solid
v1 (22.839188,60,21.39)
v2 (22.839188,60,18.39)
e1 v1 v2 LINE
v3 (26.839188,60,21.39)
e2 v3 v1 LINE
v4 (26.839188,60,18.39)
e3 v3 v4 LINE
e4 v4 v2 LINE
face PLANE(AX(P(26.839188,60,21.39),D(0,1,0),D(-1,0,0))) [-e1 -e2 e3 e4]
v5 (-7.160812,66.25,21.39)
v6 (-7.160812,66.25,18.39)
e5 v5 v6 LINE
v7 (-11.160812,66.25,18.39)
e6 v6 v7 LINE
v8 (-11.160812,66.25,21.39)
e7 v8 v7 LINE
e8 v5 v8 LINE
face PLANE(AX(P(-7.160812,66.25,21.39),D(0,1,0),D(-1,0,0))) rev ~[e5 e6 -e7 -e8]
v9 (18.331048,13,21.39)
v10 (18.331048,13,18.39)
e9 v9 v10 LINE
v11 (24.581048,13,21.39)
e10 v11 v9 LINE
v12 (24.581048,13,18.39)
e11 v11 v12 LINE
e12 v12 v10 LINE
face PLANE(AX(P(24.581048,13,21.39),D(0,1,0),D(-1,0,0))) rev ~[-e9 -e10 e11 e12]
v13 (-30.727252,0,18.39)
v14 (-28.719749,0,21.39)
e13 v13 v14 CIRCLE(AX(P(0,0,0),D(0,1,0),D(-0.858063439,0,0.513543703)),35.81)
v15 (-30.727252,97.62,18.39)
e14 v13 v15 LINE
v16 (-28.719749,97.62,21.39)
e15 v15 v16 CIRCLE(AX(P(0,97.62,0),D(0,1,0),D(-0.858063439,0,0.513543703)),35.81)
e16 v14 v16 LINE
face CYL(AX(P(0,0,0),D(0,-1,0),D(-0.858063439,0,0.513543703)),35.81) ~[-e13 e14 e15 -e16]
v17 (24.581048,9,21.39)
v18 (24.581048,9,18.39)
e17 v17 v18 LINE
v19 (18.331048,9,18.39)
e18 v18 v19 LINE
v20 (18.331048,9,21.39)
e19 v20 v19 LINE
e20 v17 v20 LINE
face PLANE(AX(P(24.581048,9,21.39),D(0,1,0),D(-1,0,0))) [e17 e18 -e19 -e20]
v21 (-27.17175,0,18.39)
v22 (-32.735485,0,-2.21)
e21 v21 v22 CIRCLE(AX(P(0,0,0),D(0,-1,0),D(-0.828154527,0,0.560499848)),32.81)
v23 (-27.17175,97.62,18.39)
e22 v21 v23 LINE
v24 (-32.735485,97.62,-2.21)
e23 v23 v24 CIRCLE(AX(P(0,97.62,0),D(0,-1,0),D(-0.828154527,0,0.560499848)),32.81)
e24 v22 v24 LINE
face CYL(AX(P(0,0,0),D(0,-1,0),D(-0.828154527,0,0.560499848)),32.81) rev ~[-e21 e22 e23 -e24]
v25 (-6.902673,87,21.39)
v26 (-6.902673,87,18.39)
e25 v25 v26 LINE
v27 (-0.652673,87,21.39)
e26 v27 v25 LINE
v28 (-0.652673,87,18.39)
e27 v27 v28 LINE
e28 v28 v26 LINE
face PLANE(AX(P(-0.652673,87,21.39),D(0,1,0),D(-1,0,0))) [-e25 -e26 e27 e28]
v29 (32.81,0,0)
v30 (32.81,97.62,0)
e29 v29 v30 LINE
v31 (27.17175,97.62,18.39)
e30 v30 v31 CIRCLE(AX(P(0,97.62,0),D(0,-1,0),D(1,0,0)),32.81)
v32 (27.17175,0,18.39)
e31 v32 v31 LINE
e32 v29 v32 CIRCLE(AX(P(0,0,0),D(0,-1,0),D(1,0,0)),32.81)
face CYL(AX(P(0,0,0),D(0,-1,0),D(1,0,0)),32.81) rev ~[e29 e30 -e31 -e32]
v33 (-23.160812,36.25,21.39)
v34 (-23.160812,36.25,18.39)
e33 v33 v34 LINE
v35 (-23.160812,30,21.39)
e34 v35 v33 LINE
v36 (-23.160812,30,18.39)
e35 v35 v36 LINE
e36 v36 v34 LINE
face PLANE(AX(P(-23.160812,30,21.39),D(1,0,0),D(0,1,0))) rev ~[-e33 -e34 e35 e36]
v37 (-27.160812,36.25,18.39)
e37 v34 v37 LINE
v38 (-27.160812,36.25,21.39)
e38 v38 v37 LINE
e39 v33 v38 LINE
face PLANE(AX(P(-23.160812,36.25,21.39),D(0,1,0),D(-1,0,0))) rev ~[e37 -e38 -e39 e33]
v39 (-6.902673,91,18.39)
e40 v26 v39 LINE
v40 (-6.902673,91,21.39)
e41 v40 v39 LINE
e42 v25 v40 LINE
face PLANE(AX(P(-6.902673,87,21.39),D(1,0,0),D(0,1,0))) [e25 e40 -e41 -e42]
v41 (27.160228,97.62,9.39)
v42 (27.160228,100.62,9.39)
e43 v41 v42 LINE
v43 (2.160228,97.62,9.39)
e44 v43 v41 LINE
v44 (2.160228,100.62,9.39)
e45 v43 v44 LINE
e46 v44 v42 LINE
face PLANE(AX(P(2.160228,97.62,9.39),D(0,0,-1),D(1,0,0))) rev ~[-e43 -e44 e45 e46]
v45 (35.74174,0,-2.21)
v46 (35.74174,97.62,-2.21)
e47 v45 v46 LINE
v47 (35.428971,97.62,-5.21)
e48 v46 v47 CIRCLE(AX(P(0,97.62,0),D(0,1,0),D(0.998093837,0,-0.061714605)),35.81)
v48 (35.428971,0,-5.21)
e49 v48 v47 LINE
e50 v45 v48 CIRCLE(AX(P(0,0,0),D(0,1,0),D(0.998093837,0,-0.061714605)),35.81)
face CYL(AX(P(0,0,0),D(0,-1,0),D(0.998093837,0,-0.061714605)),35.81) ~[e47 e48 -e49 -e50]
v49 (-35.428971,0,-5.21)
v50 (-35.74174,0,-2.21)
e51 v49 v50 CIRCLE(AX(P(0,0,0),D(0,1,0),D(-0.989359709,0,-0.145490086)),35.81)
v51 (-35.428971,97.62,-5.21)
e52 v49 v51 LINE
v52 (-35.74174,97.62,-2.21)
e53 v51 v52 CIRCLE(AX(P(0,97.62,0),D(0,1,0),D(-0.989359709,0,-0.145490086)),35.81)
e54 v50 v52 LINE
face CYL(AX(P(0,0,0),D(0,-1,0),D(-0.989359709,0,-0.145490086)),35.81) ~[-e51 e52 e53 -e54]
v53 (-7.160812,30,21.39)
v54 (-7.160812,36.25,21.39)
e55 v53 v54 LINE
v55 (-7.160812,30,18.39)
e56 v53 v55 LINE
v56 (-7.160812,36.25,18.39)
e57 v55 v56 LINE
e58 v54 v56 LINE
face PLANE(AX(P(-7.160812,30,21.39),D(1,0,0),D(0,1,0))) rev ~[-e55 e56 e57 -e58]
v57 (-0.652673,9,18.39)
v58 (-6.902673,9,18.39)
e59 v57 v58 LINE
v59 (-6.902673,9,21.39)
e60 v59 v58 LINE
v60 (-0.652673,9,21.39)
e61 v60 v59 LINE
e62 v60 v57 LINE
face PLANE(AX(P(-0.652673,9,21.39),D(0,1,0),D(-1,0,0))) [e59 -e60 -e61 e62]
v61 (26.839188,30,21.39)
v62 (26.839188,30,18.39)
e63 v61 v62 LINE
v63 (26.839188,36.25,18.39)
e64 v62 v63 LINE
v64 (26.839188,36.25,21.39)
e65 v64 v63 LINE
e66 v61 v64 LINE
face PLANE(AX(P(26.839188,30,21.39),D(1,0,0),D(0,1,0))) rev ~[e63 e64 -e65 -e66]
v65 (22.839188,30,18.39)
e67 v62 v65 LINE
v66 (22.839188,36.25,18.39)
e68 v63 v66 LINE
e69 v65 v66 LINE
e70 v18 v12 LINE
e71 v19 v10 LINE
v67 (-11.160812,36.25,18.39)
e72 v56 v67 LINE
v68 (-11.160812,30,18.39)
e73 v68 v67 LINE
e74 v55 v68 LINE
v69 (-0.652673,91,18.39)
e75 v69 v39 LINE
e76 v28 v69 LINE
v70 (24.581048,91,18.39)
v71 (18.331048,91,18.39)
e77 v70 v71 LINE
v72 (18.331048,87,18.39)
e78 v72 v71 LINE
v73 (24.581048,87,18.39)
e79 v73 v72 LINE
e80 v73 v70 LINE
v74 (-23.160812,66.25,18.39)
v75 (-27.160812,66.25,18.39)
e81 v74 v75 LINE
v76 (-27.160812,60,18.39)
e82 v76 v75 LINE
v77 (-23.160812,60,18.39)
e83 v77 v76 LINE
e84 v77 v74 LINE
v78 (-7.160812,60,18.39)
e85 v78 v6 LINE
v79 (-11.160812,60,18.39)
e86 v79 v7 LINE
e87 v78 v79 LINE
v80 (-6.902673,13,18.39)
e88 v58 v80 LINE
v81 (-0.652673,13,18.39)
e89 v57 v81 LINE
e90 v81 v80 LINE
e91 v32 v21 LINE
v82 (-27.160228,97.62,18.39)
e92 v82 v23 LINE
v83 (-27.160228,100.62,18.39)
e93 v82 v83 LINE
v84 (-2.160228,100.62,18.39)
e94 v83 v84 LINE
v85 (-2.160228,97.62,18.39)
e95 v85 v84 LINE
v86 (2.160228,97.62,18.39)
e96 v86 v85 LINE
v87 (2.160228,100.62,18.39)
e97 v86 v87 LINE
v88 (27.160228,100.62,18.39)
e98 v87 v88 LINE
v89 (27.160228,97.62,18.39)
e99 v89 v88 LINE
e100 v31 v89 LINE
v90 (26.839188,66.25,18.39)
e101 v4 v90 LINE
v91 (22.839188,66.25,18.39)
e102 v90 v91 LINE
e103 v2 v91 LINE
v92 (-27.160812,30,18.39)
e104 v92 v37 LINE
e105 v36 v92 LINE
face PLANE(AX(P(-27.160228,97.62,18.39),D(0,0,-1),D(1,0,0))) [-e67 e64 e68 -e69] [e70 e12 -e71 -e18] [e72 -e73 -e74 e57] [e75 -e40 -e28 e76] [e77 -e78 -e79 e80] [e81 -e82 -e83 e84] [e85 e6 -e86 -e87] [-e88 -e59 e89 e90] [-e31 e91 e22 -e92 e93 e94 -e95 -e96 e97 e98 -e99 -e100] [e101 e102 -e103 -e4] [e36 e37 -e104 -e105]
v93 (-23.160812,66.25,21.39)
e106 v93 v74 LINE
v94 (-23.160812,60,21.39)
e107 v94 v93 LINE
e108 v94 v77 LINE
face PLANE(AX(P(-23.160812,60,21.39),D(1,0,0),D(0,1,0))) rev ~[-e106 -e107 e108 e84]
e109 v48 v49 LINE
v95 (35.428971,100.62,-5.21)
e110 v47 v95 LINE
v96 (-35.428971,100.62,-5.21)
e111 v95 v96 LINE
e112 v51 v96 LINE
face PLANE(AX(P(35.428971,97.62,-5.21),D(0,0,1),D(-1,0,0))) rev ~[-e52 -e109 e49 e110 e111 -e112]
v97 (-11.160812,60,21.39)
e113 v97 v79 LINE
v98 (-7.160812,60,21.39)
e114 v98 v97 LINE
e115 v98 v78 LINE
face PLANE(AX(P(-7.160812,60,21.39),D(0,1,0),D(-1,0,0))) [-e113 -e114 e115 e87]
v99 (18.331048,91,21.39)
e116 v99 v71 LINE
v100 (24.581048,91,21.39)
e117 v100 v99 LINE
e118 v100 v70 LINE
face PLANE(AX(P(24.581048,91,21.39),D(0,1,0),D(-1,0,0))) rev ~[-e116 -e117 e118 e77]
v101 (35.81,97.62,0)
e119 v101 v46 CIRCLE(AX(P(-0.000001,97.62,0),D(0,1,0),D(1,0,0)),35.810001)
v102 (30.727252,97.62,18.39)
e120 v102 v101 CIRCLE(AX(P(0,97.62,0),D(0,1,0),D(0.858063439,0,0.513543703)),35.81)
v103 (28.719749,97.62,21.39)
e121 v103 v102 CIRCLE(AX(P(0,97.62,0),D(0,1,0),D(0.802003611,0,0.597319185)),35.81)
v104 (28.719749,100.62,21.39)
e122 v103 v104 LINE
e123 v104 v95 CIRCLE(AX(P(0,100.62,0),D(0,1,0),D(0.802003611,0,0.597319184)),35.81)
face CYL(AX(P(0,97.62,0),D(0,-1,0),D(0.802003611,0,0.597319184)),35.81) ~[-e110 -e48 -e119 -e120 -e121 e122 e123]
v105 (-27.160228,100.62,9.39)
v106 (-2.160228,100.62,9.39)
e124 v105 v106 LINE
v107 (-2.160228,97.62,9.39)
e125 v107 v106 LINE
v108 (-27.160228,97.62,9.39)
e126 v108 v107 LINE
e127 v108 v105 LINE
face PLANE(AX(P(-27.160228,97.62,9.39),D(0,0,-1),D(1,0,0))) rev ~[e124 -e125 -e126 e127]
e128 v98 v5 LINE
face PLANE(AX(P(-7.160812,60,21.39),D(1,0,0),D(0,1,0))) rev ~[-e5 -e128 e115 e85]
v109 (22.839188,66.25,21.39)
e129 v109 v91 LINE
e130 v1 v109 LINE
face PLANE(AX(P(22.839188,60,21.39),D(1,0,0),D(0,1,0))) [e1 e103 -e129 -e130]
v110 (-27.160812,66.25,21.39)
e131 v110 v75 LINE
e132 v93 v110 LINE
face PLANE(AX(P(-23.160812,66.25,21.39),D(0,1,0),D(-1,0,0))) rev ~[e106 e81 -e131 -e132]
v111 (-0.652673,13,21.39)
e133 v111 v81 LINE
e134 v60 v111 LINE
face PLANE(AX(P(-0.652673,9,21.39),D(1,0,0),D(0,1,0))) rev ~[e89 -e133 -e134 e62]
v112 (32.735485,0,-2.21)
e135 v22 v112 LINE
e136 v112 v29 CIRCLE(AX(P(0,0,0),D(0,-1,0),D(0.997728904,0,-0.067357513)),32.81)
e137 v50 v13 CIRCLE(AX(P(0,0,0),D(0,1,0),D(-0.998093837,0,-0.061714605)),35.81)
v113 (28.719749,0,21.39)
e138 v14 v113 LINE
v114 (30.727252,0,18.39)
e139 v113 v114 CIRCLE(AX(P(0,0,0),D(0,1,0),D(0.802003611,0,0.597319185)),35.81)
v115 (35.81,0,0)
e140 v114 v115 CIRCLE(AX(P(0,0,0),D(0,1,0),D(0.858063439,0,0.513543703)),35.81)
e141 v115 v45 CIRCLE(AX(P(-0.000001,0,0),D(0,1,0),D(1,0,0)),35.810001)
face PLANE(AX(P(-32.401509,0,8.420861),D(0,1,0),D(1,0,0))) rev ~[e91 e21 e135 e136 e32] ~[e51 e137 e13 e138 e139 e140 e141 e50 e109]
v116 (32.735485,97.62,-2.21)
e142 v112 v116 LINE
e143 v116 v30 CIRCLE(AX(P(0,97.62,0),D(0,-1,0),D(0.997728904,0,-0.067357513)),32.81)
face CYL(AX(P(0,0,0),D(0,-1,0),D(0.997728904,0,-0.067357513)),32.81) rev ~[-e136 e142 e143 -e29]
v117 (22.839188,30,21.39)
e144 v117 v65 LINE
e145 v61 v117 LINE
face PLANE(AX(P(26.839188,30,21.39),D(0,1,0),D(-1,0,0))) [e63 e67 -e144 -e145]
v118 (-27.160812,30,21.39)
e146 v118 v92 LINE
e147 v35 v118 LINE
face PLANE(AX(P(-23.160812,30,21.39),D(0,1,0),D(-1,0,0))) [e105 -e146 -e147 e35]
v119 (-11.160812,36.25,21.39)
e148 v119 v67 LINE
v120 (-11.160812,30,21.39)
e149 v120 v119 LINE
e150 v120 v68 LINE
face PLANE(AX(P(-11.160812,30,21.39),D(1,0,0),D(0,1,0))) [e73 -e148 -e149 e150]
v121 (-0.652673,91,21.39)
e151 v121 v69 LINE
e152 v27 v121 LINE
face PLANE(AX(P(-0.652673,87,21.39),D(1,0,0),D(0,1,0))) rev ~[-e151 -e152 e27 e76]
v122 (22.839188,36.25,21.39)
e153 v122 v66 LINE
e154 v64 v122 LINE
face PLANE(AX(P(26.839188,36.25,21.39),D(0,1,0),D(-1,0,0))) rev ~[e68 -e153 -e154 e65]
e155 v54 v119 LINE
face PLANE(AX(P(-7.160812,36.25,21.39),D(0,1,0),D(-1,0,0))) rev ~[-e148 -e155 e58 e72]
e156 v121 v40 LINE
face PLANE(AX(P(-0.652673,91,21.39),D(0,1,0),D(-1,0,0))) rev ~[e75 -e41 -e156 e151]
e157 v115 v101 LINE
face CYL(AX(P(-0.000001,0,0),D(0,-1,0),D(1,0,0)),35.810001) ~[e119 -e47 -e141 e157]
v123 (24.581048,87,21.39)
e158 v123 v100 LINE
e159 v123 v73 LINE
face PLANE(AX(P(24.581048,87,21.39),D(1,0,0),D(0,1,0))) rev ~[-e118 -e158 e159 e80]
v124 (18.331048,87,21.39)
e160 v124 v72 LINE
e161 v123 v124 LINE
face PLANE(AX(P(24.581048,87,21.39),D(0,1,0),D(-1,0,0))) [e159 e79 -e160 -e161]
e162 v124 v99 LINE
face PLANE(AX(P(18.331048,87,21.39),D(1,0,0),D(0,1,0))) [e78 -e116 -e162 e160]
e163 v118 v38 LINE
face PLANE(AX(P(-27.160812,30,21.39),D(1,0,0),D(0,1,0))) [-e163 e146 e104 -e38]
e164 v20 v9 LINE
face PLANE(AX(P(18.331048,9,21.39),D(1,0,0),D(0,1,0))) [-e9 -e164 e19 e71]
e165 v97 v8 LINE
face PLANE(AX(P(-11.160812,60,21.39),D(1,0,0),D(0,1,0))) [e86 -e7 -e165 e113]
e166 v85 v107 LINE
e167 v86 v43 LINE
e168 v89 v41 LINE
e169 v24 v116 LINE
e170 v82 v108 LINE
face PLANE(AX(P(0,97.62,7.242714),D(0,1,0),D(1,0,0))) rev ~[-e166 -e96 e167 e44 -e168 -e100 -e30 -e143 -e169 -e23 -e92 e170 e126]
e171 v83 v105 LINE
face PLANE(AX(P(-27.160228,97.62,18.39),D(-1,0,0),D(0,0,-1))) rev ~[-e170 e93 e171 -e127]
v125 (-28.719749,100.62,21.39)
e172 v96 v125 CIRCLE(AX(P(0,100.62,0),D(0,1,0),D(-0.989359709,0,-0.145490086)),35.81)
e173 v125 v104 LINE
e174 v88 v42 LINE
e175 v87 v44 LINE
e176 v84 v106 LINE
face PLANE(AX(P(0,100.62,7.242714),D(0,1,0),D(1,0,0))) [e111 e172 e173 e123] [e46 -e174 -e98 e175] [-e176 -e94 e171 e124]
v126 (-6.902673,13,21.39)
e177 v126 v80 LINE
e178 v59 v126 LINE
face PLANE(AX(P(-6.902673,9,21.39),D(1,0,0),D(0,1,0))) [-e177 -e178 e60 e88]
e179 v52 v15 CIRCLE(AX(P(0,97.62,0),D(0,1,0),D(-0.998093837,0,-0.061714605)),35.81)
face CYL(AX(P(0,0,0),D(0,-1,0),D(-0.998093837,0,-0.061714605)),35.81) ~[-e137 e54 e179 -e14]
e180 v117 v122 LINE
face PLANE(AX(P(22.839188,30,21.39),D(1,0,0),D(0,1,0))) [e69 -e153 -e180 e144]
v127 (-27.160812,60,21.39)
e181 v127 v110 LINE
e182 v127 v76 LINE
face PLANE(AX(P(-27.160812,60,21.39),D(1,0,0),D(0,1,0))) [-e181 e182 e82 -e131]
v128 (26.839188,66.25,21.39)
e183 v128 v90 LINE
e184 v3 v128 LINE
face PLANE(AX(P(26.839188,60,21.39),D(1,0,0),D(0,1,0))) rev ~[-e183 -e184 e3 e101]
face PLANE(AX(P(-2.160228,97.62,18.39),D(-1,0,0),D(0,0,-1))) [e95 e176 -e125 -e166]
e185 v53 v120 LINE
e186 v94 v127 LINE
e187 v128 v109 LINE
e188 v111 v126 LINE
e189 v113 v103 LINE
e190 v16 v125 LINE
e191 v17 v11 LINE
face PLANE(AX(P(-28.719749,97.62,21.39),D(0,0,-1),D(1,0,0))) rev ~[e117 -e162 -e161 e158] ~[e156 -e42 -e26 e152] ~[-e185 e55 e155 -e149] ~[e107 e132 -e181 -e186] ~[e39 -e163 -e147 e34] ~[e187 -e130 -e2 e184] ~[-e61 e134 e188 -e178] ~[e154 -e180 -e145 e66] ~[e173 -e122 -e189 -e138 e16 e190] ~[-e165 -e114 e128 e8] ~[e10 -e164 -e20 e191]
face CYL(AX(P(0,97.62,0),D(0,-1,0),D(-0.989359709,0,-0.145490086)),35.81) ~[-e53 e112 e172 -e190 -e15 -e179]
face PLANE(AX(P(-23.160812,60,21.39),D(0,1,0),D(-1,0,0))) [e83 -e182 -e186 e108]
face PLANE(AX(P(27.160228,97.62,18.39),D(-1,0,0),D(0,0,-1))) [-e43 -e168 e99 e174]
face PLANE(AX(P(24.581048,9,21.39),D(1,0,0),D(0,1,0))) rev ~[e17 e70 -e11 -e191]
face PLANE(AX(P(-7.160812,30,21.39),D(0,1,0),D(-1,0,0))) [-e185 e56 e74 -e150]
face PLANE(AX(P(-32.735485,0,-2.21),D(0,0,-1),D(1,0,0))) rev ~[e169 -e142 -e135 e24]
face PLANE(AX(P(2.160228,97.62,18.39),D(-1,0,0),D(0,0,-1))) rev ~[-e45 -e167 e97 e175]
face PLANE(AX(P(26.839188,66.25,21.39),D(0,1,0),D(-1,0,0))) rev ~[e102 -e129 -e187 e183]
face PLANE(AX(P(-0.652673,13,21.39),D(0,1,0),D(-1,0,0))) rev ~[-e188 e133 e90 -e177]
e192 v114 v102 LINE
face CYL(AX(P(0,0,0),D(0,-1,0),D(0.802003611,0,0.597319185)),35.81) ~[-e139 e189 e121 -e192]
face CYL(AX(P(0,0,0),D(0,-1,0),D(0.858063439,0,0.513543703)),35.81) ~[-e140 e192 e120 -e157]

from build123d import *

# Parameters (mm, degrees)
BOSS_EXTRUDE1_DEPTH = 97.62
SKETCH2_W           = 4
SKETCH2_H           = 6.25
SKETCH2_W_2         = 6.25
SKETCH2_H_2         = 4
CUT_EXTRUDE1_DEPTH  = 3
SKETCH5_W           = 25
SKETCH5_H           = 9
BOSS_EXTRUDE4_DEPTH = 3


with BuildPart() as part:
    # Sketch1 → Boss-Extrude1 (new body)
    with BuildSketch(Plane(origin=(0, 0, 0), x_dir=(1, 0, 0), z_dir=(0, 1, 0))):
        with BuildLine():
            Line((-32.735485333, 2.21), (-35.741740305, 2.21))
            ThreePointArc((-35.741740305, 2.21), (-34.793989799, -8.469614742), (-30.727251748, -18.39))
            Line((-30.727251748, -18.39), (-27.171750036, -18.39))
            ThreePointArc((-27.171750036, -18.39), (-31.675056628, -8.554933525), (-32.735485333, 2.21))
        make_face()
        with BuildLine():
            ThreePointArc((35.81, 0), (35.792931008, 1.105526954), (35.741740305, 2.21))
            Line((35.741740305, 2.21), (32.735485333, 2.21))
            ThreePointArc((32.735485333, 2.21), (32.791366042, 1.105627925), (32.81, 0))
            ThreePointArc((32.81, 0), (31.368783995, -9.617457599), (27.171750036, -18.39))
            Line((27.171750036, -18.39), (30.727251748, -18.39))
            ThreePointArc((30.727251748, -18.39), (34.515930996, -9.539738332), (35.81, 0))
        make_face()
        with BuildLine():
            ThreePointArc((-30.727251748, -18.39), (-29.761325298, -19.915311108), (-28.719749303, -21.39))
            Line((-28.719749303, -21.39), (-24.878987118, -21.39))
            ThreePointArc((-24.878987118, -21.39), (-26.06855979, -19.923009071), (-27.171750036, -18.39))
            Line((-27.171750036, -18.39), (-30.727251748, -18.39))
        make_face()
        with BuildLine():
            Line((24.878987118, -21.39), (28.719749303, -21.39))
            ThreePointArc((28.719749303, -21.39), (29.761325298, -19.915311108), (30.727251748, -18.39))
            Line((30.727251748, -18.39), (27.171750036, -18.39))
            ThreePointArc((27.171750036, -18.39), (26.06855979, -19.923009071), (24.878987118, -21.39))
        make_face()
        with BuildLine():
            ThreePointArc((-27.171750036, -18.39), (-26.06855979, -19.923009071), (-24.878987118, -21.39))
            Line((-24.878987118, -21.39), (24.878987118, -21.39))
            ThreePointArc((24.878987118, -21.39), (26.06855979, -19.923009071), (27.171750036, -18.39))
            Line((27.171750036, -18.39), (-27.171750036, -18.39))
        make_face()
        with BuildLine():
            Line((-32.393703092, 5.21), (-35.428971196, 5.21))
            ThreePointArc((-35.428971196, 5.21), (-35.616955848, 3.713294511), (-35.741740305, 2.21))
            Line((-35.741740305, 2.21), (-32.735485333, 2.21))
            ThreePointArc((-32.735485333, 2.21), (-32.59912263, 3.713933733), (-32.393703092, 5.21))
        make_face()
        with BuildLine():
            ThreePointArc((35.741740305, 2.21), (35.616955848, 3.713294511), (35.428971196, 5.21))
            Line((35.428971196, 5.21), (32.393703092, 5.21))
            ThreePointArc((32.393703092, 5.21), (32.59912263, 3.713933733), (32.735485333, 2.21))
            Line((32.735485333, 2.21), (35.741740305, 2.21))
        make_face()
        with BuildLine():
            Line((32.393703092, 5.21), (-32.393703092, 5.21))
            ThreePointArc((-32.393703092, 5.21), (-32.59912263, 3.713933733), (-32.735485333, 2.21))
            Line((-32.735485333, 2.21), (32.735485333, 2.21))
            ThreePointArc((32.735485333, 2.21), (32.59912263, 3.713933733), (32.393703092, 5.21))
        make_face()
        with BuildLine():
            Line((-32.393703092, 5.21), (-35.428971196, 5.21))
            ThreePointArc((-35.428971196, 5.21), (-35.616955848, 3.713294511), (-35.741740305, 2.21))
            Line((-35.741740305, 2.21), (-32.735485333, 2.21))
            ThreePointArc((-32.735485333, 2.21), (-32.59912263, 3.713933733), (-32.393703092, 5.21))
        make_face()
        with BuildLine():
            ThreePointArc((35.741740305, 2.21), (35.616955848, 3.713294511), (35.428971196, 5.21))
            Line((35.428971196, 5.21), (32.393703092, 5.21))
            ThreePointArc((32.393703092, 5.21), (32.59912263, 3.713933733), (32.735485333, 2.21))
            Line((32.735485333, 2.21), (35.741740305, 2.21))
        make_face()
        with BuildLine():
            Line((-32.735485333, 2.21), (-35.741740305, 2.21))
            ThreePointArc((-35.741740305, 2.21), (-34.793989799, -8.469614742), (-30.727251748, -18.39))
            Line((-30.727251748, -18.39), (-27.171750036, -18.39))
            ThreePointArc((-27.171750036, -18.39), (-31.675056628, -8.554933525), (-32.735485333, 2.21))
        make_face()
        with BuildLine():
            ThreePointArc((35.81, 0), (35.792931008, 1.105526954), (35.741740305, 2.21))
            Line((35.741740305, 2.21), (32.735485333, 2.21))
            ThreePointArc((32.735485333, 2.21), (32.791366042, 1.105627925), (32.81, 0))
            ThreePointArc((32.81, 0), (31.368783995, -9.617457599), (27.171750036, -18.39))
            Line((27.171750036, -18.39), (30.727251748, -18.39))
            ThreePointArc((30.727251748, -18.39), (34.515930996, -9.539738332), (35.81, 0))
        make_face()
        with BuildLine():
            ThreePointArc((-30.727251748, -18.39), (-29.761325298, -19.915311108), (-28.719749303, -21.39))
            Line((-28.719749303, -21.39), (-24.878987118, -21.39))
            ThreePointArc((-24.878987118, -21.39), (-26.06855979, -19.923009071), (-27.171750036, -18.39))
            Line((-27.171750036, -18.39), (-30.727251748, -18.39))
        make_face()
        with BuildLine():
            Line((24.878987118, -21.39), (28.719749303, -21.39))
            ThreePointArc((28.719749303, -21.39), (29.761325298, -19.915311108), (30.727251748, -18.39))
            Line((30.727251748, -18.39), (27.171750036, -18.39))
            ThreePointArc((27.171750036, -18.39), (26.06855979, -19.923009071), (24.878987118, -21.39))
        make_face()
    extrude(amount=BOSS_EXTRUDE1_DEPTH)

    # Sketch2 → Cut-Extrude1 (cut)
    with BuildSketch(Plane(origin=(-23.61, 0, 21.39), x_dir=(-1, 0, 0), z_dir=(0, 0, -1))):
        with Locations((1.550812332, 63.125)):
            Rectangle(SKETCH2_W, SKETCH2_H)
        with Locations((-14.449187668, 33.125)):
            Rectangle(SKETCH2_W, SKETCH2_H)
        with Locations((-14.449187668, 63.125)):
            Rectangle(SKETCH2_W, SKETCH2_H)
        with Locations((-19.832327081, 89)):
            Rectangle(SKETCH2_W_2, SKETCH2_H_2)
        with Locations((-45.066048255, 89)):
            Rectangle(SKETCH2_W_2, SKETCH2_H_2)
        with Locations((-48.449187668, 63.125)):
            Rectangle(SKETCH2_W, SKETCH2_H)
        with Locations((-45.066048255, 11)):
            Rectangle(SKETCH2_W_2, SKETCH2_H_2)
        with Locations((-19.832327081, 11)):
            Rectangle(SKETCH2_W_2, SKETCH2_H_2)
        with Locations((1.550812332, 33.125)):
            Rectangle(SKETCH2_W, SKETCH2_H)
        with Locations((-48.449187668, 33.125)):
            Rectangle(SKETCH2_W, SKETCH2_H)
    extrude(amount=CUT_EXTRUDE1_DEPTH, mode=Mode.SUBTRACT)

    # Sketch5 → Boss-Extrude4 (add)
    with BuildSketch(Plane(origin=(0, 97.62, 0), x_dir=(1, 0, 0), z_dir=(0, 1, 0))):
        with BuildLine():
            Line((35.428971196, 5.21), (-35.428971196, 5.21))
            ThreePointArc((-35.428971196, 5.21), (-34.722537139, -8.757940089), (-28.719749303, -21.39))
            Line((-28.719749303, -21.39), (28.719749303, -21.39))
            ThreePointArc((28.719749303, -21.39), (34.722537139, -8.757940089), (35.428971196, 5.21))
        make_face()
        with Locations((-14.660228428, -13.89)):
            Rectangle(SKETCH5_W, SKETCH5_H, mode=Mode.SUBTRACT)
        with Locations((14.660228428, -13.89)):
            Rectangle(SKETCH5_W, SKETCH5_H, mode=Mode.SUBTRACT)
    extrude(amount=BOSS_EXTRUDE4_DEPTH)


solid = part.part
